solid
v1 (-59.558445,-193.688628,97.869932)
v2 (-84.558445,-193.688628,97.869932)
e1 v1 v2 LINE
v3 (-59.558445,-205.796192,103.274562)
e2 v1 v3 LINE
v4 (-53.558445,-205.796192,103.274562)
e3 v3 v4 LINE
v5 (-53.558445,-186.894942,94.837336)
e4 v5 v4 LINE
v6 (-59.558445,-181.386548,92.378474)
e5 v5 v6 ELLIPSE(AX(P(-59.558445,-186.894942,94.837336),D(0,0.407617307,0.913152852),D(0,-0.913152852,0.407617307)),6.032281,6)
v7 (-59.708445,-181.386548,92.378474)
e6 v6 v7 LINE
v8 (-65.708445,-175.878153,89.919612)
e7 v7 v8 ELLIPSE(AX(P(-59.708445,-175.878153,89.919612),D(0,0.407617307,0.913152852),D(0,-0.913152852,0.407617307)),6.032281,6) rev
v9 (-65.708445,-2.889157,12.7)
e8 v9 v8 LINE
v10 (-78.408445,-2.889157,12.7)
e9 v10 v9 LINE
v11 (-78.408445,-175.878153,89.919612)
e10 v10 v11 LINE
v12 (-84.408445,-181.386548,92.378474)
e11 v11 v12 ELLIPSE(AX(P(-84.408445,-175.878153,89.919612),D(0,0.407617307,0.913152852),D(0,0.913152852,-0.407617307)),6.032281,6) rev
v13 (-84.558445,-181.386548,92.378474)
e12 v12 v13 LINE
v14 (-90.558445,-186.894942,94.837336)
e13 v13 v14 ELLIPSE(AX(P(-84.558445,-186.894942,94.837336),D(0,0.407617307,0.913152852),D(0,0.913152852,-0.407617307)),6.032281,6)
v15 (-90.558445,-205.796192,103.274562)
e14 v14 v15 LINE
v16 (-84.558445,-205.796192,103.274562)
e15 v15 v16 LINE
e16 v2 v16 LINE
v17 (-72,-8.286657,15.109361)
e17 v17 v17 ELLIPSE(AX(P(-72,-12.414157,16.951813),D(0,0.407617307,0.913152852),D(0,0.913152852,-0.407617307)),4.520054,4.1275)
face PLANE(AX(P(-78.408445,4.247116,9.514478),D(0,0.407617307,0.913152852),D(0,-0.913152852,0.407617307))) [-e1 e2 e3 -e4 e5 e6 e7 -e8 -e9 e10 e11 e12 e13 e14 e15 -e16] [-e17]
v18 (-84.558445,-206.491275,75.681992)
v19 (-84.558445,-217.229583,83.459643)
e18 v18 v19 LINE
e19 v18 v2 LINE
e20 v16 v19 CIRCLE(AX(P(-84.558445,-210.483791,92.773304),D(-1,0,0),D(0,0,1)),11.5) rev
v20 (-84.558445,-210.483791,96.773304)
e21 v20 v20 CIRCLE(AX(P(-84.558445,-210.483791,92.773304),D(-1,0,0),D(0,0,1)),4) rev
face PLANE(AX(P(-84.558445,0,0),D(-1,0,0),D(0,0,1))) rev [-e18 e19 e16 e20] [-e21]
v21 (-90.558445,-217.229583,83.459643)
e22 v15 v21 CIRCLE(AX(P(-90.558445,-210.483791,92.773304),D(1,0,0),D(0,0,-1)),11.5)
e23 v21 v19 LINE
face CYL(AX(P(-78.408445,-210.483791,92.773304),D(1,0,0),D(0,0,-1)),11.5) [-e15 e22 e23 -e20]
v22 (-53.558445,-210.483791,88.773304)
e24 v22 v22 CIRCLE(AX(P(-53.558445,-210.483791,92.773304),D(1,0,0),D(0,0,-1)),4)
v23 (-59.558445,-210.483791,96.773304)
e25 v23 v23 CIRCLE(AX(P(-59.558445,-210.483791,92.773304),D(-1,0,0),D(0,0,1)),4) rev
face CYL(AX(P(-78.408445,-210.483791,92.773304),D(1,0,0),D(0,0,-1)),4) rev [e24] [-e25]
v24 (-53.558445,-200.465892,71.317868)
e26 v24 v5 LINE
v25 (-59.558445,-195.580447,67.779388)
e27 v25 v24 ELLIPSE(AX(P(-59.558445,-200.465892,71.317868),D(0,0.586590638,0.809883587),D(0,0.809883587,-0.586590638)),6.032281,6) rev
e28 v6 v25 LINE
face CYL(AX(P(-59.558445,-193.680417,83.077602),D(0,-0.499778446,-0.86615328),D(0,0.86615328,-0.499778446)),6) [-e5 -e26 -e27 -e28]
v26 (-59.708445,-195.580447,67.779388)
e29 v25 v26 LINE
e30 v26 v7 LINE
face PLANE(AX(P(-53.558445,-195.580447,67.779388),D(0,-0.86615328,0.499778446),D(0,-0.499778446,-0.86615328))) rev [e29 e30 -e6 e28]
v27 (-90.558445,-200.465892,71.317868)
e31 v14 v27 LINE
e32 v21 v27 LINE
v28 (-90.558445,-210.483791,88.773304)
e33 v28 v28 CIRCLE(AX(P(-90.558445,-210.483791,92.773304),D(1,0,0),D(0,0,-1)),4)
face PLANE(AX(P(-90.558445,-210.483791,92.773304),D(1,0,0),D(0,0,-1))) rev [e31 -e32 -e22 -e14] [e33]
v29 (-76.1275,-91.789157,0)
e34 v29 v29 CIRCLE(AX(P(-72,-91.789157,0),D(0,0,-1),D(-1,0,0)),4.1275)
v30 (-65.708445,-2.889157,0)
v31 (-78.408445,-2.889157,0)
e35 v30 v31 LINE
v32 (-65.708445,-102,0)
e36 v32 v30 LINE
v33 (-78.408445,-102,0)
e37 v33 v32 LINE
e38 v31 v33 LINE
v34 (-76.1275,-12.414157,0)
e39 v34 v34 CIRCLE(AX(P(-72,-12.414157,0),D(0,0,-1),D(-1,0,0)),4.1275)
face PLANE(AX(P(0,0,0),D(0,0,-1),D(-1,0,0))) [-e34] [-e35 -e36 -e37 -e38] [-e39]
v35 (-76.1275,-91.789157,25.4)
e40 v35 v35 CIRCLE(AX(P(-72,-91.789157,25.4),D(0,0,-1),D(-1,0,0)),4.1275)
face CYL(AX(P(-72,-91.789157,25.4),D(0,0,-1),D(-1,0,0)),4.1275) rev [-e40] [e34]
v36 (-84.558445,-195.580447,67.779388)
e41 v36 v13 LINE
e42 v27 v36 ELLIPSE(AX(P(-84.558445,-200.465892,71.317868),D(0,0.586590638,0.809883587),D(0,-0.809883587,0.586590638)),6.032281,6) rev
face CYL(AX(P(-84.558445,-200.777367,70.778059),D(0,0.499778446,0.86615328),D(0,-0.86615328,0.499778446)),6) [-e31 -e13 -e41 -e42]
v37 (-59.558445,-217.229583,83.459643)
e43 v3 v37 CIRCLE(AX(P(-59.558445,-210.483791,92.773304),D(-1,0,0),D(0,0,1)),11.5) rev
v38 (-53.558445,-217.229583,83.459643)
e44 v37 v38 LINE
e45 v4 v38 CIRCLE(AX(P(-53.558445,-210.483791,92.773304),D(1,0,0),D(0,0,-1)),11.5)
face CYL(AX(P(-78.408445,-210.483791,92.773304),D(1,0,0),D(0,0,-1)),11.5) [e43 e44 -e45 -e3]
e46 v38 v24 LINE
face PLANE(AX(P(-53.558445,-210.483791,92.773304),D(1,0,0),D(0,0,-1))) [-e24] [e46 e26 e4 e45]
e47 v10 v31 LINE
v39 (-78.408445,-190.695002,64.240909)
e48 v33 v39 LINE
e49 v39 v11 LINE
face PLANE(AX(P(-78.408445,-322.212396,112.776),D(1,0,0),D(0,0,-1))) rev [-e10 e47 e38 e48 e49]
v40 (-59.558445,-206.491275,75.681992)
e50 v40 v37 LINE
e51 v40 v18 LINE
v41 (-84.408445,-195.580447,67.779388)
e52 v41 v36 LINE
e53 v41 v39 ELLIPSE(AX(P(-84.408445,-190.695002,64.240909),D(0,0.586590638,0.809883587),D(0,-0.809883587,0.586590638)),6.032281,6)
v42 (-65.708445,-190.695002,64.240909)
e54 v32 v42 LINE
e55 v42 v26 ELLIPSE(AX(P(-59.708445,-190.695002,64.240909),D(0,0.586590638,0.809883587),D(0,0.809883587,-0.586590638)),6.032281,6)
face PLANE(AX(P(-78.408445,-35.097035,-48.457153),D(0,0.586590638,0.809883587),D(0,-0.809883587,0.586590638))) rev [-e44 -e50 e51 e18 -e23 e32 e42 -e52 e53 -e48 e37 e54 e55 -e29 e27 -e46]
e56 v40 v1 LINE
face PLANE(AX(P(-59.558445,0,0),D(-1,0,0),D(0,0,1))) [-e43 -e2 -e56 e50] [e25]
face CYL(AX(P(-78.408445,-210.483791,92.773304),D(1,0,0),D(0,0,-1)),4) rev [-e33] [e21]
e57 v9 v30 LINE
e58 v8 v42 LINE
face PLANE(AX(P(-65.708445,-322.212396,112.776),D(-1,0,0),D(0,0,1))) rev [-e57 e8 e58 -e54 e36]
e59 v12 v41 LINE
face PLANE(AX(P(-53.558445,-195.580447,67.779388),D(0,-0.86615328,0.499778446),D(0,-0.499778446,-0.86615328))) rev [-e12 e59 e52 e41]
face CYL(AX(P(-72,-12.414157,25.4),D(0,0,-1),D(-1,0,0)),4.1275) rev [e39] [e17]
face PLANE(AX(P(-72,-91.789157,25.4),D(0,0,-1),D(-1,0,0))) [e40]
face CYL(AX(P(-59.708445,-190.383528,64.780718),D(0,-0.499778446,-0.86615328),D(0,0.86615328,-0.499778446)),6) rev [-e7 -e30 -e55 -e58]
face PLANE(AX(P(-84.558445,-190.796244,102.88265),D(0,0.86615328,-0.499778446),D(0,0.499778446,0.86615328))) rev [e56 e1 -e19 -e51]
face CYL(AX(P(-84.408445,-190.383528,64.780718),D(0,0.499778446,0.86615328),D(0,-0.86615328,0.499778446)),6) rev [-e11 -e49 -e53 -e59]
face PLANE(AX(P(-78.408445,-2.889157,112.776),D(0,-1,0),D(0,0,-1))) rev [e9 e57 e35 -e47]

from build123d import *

# Parameters (mm, degrees)
SKETCH1_W           = 12.7
SKETCH1_H           = 319.323239592
BOSS_EXTRUDE1_DEPTH = 112.776
SKETCH2_R           = 4
CUT_EXTRUDE1_DEPTH  = 13.7
SKETCH3_R           = 4.1275
CUT_EXTRUDE2_DEPTH  = 25.4
SKETCH4_R           = 4
BOSS_EXTRUDE2_DEPTH = 18.5
CUT_EXTRUDE3_DEPTH  = 12.5
FILLET1_R           = 6


with BuildPart() as part:
    # Sketch1 → Boss-Extrude1 (new body)
    with BuildSketch(Plane.XY):
        with Locations((-72.058445247, -162.550776628)):
            Rectangle(SKETCH1_W, SKETCH1_H)
    extrude(amount=BOSS_EXTRUDE1_DEPTH)

    # Sketch2 → Cut-Extrude1 (cut, through all)
    with BuildSketch(Plane(origin=(-65.708445247, 0, 0), x_dir=(0, 0, -1), z_dir=(1, 0, 0))):
        with BuildLine():
            Line((0, -322.212396424), (0, -102))
            Line((0, -102), (-83.459642539, -217.229583096))
            ThreePointArc((-83.459642539, -217.229583096), (-98.52075591, -220.444553487), (-103.27456158, -205.796191727))
            Line((-103.27456158, -205.796191727), (-12.7, -2.889156832))
            Line((-12.7, -2.889156832), (-112.776, -2.889156832))
            Line((-112.776, -2.889156832), (-112.776, -322.212396424))
            Line((-112.776, -322.212396424), (0, -322.212396424))
        make_face()
        with Locations((-92.773303784, -210.483790762)):
            Circle(SKETCH2_R)
    extrude(amount=-CUT_EXTRUDE1_DEPTH, mode=Mode.SUBTRACT)

    # Sketch3 → Cut-Extrude2 (cut)
    with BuildSketch(Plane(origin=(0, 0, 0), x_dir=(-1, 0, 0), z_dir=(0, 0, -1))):
        with Locations((72, -12.414156832)):
            Circle(SKETCH3_R)
        with Locations((72, -91.789156832)):
            Circle(SKETCH3_R)
    extrude(amount=-CUT_EXTRUDE2_DEPTH, mode=Mode.SUBTRACT)

    # Sketch4 → Boss-Extrude2 (add, symmetric)
    with BuildSketch(Plane(origin=(-72.058445247, 0, 0), x_dir=(0, 0, -1), z_dir=(1, 0, 0))):
        with BuildLine():
            Line((-67.779388484, -195.580447266), (-92.378474043, -181.386547612))
            Line((-92.378474043, -181.386547612), (-103.27456158, -205.796191727))
            ThreePointArc((-103.27456158, -205.796191727), (-98.52075591, -220.444553487), (-83.459642539, -217.229583096))
            Line((-83.459642539, -217.229583096), (-67.779388484, -195.580447266))
        make_face()
        with Locations((-92.773303784, -210.483790762)):
            Circle(SKETCH4_R, mode=Mode.SUBTRACT)
    extrude(amount=BOSS_EXTRUDE2_DEPTH, both=True)

    # Sketch6 → Cut-Extrude3 (cut, symmetric)
    with BuildSketch(Plane(origin=(-72.058445247, 0, 0), x_dir=(0, 0, -1), z_dir=(1, 0, 0))):
        Polygon((-102.882650108, -190.796243791), (-56.569606998, -217.519297579), (-85.086213735, -269.679128088), (-153.833763242, -230.32789021), align=None)
    extrude(amount=CUT_EXTRUDE3_DEPTH, both=True, mode=Mode.SUBTRACT)

    # Fillet1
    fillet1_edges = [part.edges().sort_by_distance(p)[0] for p in [
        (-65.708445247, -188.483497439, 80.078931263),
        (-78.408445247, -188.483497439, 80.078931263),
        (-90.558445247, -188.483497439, 80.078931263),
        (-53.558445247, -188.483497439, 80.078931263),
    ]]
    fillet(fillet1_edges, radius=FILLET1_R)


solid = part.part
